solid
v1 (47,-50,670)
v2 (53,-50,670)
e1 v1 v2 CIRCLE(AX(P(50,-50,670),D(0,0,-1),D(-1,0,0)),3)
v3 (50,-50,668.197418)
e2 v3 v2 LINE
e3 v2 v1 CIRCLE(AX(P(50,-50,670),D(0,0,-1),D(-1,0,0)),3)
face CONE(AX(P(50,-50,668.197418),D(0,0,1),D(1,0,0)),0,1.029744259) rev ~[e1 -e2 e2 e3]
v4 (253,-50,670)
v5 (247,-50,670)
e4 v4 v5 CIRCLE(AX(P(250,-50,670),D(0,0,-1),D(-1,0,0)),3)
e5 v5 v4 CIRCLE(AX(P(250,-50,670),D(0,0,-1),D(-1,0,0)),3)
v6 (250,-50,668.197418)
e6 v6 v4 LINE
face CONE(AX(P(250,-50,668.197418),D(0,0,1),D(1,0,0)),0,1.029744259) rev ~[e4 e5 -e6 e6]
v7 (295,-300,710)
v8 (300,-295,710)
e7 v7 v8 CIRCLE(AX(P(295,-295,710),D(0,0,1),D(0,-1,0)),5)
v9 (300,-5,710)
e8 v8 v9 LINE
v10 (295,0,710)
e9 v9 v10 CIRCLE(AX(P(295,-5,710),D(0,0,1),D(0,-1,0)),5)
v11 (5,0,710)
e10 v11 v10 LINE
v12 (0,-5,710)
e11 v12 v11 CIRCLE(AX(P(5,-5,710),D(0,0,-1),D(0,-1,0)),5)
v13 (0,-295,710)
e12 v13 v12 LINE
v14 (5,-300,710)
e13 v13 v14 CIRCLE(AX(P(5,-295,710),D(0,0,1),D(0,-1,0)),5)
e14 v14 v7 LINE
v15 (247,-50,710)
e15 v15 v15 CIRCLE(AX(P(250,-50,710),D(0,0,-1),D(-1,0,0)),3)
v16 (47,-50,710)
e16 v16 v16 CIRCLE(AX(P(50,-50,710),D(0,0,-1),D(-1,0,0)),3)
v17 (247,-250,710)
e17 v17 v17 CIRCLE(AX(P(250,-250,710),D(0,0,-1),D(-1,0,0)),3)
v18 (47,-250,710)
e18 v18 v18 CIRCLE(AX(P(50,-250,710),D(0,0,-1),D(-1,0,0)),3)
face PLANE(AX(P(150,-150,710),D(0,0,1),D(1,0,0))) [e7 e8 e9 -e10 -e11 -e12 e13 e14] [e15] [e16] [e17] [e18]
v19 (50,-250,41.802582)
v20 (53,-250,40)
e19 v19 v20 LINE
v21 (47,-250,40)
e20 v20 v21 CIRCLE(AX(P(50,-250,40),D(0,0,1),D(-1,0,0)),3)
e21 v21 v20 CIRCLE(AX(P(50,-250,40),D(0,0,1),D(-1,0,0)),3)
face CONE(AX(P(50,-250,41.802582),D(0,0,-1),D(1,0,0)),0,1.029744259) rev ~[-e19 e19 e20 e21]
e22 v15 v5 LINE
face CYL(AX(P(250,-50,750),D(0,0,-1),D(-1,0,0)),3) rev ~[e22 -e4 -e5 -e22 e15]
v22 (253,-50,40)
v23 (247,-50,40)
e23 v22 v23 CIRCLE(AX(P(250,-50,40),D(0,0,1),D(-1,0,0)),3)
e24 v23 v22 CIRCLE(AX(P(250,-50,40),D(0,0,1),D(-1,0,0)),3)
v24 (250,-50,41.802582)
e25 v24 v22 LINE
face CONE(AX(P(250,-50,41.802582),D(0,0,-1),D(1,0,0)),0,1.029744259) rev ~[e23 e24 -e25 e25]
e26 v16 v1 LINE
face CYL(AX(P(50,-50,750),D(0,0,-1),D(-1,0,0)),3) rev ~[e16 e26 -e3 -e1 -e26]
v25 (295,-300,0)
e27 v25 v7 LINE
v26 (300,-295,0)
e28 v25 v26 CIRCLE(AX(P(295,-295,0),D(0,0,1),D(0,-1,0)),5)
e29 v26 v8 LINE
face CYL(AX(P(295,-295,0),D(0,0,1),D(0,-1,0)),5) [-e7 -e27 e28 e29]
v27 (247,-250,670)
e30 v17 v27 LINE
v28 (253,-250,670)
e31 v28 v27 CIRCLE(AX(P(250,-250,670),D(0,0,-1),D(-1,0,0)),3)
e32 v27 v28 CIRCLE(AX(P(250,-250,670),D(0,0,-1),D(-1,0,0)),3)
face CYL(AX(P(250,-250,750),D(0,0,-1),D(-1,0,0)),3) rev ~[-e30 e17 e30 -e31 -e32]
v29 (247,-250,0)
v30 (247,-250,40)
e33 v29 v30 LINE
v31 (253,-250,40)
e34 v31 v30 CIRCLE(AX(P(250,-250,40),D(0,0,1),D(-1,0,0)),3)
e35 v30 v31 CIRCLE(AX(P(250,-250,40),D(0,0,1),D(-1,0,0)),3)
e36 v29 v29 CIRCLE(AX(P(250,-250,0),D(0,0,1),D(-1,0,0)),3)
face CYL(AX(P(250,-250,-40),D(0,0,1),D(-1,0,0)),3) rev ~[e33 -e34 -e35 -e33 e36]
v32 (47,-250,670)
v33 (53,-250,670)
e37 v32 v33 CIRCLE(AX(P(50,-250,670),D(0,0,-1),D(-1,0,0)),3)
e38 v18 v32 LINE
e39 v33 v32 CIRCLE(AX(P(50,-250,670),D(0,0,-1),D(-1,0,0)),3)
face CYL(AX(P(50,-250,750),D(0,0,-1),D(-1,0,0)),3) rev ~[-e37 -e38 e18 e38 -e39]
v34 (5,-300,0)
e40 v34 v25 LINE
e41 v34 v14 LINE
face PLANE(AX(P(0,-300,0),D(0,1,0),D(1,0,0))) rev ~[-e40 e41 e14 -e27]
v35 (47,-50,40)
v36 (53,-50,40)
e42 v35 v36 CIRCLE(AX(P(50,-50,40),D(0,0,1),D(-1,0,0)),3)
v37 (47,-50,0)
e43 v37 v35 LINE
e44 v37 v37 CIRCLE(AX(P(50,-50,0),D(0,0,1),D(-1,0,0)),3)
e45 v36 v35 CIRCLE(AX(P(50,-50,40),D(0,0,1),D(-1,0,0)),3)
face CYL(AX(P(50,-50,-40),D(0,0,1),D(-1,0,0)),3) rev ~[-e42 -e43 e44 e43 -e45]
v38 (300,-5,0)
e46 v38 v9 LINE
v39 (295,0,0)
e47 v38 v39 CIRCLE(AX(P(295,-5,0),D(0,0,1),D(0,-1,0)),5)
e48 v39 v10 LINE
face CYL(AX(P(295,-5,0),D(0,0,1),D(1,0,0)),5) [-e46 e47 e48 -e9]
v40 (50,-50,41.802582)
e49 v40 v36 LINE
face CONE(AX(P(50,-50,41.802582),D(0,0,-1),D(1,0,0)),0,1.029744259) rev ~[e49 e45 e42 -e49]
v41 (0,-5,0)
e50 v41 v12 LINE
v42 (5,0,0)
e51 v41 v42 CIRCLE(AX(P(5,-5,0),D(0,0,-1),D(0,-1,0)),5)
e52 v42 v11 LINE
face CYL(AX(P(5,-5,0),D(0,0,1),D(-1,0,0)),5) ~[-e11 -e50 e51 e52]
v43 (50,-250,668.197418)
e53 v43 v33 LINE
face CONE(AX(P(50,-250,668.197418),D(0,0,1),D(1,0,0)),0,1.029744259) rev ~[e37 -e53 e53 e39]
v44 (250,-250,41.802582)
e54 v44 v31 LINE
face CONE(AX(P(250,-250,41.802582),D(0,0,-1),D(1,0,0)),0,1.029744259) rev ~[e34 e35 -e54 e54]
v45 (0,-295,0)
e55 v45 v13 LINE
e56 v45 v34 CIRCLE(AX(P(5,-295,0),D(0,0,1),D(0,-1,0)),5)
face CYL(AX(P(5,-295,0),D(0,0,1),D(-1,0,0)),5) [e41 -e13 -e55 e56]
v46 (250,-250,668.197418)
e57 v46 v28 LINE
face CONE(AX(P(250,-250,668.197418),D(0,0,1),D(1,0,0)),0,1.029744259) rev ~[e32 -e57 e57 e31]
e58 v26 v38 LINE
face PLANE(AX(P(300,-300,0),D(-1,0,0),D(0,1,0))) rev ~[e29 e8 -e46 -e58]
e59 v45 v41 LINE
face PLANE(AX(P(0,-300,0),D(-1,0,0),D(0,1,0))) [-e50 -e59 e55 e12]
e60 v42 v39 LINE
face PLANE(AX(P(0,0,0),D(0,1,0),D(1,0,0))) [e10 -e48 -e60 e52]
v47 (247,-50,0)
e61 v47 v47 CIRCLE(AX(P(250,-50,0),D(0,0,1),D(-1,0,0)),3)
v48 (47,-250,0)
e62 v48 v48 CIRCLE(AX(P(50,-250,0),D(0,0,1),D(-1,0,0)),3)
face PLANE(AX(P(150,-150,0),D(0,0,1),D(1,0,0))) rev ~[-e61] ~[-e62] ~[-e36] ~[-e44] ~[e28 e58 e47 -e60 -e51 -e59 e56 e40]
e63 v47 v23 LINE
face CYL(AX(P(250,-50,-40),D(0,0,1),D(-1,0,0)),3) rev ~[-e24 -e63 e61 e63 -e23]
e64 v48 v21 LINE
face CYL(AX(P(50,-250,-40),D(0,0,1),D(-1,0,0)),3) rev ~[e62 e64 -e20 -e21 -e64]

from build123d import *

# Parameters (mm, degrees)
F0_W     = 300
F0_H     = 300
F1_DEPTH = 710
F2_R     = 5
F4_D     = 6
F4_DEPTH = 40
F4_TIP   = 1.8025818571
F6_D     = 6
F6_DEPTH = 40
F6_TIP   = 1.8025818571


with BuildPart() as f1:
    # F0 (on Top) → F1 (new body)
    with BuildSketch(Plane.XY):
        with Locations((150, -150)):
            Rectangle(F0_W, F0_H)
    extrude(amount=F1_DEPTH)

    # F2
    f2_edges = [f1.edges().sort_by_distance(p)[0] for p in [
        (0, -300, 355),
        (0, 0, 355),
        (300, 0, 355),
        (300, -300, 355),
    ]]
    fillet(f2_edges, radius=F2_R)

    # F4
    with Locations(Plane.XY.offset(710)):
        with Locations((250, -250), (250, -50), (50, -250), (50, -50)):
            Hole(F4_D / 2, depth=F4_DEPTH)
            with Locations((0, 0, -(F4_DEPTH + F4_TIP / 2))):  # 118° drill point
                Cone(0, F4_D / 2, F4_TIP, mode=Mode.SUBTRACT)

    # F6
    with Locations(Plane(origin=(0, 0, 0), x_dir=(1, 0, 0), z_dir=(0, 0, -1))):
        with Locations((50, 250), (50, 50), (250, 50), (250, 250)):
            Hole(F6_D / 2, depth=F6_DEPTH)
            with Locations((0, 0, -(F6_DEPTH + F6_TIP / 2))):  # 118° drill point
                Cone(0, F6_D / 2, F6_TIP, mode=Mode.SUBTRACT)


solid = f1.part
